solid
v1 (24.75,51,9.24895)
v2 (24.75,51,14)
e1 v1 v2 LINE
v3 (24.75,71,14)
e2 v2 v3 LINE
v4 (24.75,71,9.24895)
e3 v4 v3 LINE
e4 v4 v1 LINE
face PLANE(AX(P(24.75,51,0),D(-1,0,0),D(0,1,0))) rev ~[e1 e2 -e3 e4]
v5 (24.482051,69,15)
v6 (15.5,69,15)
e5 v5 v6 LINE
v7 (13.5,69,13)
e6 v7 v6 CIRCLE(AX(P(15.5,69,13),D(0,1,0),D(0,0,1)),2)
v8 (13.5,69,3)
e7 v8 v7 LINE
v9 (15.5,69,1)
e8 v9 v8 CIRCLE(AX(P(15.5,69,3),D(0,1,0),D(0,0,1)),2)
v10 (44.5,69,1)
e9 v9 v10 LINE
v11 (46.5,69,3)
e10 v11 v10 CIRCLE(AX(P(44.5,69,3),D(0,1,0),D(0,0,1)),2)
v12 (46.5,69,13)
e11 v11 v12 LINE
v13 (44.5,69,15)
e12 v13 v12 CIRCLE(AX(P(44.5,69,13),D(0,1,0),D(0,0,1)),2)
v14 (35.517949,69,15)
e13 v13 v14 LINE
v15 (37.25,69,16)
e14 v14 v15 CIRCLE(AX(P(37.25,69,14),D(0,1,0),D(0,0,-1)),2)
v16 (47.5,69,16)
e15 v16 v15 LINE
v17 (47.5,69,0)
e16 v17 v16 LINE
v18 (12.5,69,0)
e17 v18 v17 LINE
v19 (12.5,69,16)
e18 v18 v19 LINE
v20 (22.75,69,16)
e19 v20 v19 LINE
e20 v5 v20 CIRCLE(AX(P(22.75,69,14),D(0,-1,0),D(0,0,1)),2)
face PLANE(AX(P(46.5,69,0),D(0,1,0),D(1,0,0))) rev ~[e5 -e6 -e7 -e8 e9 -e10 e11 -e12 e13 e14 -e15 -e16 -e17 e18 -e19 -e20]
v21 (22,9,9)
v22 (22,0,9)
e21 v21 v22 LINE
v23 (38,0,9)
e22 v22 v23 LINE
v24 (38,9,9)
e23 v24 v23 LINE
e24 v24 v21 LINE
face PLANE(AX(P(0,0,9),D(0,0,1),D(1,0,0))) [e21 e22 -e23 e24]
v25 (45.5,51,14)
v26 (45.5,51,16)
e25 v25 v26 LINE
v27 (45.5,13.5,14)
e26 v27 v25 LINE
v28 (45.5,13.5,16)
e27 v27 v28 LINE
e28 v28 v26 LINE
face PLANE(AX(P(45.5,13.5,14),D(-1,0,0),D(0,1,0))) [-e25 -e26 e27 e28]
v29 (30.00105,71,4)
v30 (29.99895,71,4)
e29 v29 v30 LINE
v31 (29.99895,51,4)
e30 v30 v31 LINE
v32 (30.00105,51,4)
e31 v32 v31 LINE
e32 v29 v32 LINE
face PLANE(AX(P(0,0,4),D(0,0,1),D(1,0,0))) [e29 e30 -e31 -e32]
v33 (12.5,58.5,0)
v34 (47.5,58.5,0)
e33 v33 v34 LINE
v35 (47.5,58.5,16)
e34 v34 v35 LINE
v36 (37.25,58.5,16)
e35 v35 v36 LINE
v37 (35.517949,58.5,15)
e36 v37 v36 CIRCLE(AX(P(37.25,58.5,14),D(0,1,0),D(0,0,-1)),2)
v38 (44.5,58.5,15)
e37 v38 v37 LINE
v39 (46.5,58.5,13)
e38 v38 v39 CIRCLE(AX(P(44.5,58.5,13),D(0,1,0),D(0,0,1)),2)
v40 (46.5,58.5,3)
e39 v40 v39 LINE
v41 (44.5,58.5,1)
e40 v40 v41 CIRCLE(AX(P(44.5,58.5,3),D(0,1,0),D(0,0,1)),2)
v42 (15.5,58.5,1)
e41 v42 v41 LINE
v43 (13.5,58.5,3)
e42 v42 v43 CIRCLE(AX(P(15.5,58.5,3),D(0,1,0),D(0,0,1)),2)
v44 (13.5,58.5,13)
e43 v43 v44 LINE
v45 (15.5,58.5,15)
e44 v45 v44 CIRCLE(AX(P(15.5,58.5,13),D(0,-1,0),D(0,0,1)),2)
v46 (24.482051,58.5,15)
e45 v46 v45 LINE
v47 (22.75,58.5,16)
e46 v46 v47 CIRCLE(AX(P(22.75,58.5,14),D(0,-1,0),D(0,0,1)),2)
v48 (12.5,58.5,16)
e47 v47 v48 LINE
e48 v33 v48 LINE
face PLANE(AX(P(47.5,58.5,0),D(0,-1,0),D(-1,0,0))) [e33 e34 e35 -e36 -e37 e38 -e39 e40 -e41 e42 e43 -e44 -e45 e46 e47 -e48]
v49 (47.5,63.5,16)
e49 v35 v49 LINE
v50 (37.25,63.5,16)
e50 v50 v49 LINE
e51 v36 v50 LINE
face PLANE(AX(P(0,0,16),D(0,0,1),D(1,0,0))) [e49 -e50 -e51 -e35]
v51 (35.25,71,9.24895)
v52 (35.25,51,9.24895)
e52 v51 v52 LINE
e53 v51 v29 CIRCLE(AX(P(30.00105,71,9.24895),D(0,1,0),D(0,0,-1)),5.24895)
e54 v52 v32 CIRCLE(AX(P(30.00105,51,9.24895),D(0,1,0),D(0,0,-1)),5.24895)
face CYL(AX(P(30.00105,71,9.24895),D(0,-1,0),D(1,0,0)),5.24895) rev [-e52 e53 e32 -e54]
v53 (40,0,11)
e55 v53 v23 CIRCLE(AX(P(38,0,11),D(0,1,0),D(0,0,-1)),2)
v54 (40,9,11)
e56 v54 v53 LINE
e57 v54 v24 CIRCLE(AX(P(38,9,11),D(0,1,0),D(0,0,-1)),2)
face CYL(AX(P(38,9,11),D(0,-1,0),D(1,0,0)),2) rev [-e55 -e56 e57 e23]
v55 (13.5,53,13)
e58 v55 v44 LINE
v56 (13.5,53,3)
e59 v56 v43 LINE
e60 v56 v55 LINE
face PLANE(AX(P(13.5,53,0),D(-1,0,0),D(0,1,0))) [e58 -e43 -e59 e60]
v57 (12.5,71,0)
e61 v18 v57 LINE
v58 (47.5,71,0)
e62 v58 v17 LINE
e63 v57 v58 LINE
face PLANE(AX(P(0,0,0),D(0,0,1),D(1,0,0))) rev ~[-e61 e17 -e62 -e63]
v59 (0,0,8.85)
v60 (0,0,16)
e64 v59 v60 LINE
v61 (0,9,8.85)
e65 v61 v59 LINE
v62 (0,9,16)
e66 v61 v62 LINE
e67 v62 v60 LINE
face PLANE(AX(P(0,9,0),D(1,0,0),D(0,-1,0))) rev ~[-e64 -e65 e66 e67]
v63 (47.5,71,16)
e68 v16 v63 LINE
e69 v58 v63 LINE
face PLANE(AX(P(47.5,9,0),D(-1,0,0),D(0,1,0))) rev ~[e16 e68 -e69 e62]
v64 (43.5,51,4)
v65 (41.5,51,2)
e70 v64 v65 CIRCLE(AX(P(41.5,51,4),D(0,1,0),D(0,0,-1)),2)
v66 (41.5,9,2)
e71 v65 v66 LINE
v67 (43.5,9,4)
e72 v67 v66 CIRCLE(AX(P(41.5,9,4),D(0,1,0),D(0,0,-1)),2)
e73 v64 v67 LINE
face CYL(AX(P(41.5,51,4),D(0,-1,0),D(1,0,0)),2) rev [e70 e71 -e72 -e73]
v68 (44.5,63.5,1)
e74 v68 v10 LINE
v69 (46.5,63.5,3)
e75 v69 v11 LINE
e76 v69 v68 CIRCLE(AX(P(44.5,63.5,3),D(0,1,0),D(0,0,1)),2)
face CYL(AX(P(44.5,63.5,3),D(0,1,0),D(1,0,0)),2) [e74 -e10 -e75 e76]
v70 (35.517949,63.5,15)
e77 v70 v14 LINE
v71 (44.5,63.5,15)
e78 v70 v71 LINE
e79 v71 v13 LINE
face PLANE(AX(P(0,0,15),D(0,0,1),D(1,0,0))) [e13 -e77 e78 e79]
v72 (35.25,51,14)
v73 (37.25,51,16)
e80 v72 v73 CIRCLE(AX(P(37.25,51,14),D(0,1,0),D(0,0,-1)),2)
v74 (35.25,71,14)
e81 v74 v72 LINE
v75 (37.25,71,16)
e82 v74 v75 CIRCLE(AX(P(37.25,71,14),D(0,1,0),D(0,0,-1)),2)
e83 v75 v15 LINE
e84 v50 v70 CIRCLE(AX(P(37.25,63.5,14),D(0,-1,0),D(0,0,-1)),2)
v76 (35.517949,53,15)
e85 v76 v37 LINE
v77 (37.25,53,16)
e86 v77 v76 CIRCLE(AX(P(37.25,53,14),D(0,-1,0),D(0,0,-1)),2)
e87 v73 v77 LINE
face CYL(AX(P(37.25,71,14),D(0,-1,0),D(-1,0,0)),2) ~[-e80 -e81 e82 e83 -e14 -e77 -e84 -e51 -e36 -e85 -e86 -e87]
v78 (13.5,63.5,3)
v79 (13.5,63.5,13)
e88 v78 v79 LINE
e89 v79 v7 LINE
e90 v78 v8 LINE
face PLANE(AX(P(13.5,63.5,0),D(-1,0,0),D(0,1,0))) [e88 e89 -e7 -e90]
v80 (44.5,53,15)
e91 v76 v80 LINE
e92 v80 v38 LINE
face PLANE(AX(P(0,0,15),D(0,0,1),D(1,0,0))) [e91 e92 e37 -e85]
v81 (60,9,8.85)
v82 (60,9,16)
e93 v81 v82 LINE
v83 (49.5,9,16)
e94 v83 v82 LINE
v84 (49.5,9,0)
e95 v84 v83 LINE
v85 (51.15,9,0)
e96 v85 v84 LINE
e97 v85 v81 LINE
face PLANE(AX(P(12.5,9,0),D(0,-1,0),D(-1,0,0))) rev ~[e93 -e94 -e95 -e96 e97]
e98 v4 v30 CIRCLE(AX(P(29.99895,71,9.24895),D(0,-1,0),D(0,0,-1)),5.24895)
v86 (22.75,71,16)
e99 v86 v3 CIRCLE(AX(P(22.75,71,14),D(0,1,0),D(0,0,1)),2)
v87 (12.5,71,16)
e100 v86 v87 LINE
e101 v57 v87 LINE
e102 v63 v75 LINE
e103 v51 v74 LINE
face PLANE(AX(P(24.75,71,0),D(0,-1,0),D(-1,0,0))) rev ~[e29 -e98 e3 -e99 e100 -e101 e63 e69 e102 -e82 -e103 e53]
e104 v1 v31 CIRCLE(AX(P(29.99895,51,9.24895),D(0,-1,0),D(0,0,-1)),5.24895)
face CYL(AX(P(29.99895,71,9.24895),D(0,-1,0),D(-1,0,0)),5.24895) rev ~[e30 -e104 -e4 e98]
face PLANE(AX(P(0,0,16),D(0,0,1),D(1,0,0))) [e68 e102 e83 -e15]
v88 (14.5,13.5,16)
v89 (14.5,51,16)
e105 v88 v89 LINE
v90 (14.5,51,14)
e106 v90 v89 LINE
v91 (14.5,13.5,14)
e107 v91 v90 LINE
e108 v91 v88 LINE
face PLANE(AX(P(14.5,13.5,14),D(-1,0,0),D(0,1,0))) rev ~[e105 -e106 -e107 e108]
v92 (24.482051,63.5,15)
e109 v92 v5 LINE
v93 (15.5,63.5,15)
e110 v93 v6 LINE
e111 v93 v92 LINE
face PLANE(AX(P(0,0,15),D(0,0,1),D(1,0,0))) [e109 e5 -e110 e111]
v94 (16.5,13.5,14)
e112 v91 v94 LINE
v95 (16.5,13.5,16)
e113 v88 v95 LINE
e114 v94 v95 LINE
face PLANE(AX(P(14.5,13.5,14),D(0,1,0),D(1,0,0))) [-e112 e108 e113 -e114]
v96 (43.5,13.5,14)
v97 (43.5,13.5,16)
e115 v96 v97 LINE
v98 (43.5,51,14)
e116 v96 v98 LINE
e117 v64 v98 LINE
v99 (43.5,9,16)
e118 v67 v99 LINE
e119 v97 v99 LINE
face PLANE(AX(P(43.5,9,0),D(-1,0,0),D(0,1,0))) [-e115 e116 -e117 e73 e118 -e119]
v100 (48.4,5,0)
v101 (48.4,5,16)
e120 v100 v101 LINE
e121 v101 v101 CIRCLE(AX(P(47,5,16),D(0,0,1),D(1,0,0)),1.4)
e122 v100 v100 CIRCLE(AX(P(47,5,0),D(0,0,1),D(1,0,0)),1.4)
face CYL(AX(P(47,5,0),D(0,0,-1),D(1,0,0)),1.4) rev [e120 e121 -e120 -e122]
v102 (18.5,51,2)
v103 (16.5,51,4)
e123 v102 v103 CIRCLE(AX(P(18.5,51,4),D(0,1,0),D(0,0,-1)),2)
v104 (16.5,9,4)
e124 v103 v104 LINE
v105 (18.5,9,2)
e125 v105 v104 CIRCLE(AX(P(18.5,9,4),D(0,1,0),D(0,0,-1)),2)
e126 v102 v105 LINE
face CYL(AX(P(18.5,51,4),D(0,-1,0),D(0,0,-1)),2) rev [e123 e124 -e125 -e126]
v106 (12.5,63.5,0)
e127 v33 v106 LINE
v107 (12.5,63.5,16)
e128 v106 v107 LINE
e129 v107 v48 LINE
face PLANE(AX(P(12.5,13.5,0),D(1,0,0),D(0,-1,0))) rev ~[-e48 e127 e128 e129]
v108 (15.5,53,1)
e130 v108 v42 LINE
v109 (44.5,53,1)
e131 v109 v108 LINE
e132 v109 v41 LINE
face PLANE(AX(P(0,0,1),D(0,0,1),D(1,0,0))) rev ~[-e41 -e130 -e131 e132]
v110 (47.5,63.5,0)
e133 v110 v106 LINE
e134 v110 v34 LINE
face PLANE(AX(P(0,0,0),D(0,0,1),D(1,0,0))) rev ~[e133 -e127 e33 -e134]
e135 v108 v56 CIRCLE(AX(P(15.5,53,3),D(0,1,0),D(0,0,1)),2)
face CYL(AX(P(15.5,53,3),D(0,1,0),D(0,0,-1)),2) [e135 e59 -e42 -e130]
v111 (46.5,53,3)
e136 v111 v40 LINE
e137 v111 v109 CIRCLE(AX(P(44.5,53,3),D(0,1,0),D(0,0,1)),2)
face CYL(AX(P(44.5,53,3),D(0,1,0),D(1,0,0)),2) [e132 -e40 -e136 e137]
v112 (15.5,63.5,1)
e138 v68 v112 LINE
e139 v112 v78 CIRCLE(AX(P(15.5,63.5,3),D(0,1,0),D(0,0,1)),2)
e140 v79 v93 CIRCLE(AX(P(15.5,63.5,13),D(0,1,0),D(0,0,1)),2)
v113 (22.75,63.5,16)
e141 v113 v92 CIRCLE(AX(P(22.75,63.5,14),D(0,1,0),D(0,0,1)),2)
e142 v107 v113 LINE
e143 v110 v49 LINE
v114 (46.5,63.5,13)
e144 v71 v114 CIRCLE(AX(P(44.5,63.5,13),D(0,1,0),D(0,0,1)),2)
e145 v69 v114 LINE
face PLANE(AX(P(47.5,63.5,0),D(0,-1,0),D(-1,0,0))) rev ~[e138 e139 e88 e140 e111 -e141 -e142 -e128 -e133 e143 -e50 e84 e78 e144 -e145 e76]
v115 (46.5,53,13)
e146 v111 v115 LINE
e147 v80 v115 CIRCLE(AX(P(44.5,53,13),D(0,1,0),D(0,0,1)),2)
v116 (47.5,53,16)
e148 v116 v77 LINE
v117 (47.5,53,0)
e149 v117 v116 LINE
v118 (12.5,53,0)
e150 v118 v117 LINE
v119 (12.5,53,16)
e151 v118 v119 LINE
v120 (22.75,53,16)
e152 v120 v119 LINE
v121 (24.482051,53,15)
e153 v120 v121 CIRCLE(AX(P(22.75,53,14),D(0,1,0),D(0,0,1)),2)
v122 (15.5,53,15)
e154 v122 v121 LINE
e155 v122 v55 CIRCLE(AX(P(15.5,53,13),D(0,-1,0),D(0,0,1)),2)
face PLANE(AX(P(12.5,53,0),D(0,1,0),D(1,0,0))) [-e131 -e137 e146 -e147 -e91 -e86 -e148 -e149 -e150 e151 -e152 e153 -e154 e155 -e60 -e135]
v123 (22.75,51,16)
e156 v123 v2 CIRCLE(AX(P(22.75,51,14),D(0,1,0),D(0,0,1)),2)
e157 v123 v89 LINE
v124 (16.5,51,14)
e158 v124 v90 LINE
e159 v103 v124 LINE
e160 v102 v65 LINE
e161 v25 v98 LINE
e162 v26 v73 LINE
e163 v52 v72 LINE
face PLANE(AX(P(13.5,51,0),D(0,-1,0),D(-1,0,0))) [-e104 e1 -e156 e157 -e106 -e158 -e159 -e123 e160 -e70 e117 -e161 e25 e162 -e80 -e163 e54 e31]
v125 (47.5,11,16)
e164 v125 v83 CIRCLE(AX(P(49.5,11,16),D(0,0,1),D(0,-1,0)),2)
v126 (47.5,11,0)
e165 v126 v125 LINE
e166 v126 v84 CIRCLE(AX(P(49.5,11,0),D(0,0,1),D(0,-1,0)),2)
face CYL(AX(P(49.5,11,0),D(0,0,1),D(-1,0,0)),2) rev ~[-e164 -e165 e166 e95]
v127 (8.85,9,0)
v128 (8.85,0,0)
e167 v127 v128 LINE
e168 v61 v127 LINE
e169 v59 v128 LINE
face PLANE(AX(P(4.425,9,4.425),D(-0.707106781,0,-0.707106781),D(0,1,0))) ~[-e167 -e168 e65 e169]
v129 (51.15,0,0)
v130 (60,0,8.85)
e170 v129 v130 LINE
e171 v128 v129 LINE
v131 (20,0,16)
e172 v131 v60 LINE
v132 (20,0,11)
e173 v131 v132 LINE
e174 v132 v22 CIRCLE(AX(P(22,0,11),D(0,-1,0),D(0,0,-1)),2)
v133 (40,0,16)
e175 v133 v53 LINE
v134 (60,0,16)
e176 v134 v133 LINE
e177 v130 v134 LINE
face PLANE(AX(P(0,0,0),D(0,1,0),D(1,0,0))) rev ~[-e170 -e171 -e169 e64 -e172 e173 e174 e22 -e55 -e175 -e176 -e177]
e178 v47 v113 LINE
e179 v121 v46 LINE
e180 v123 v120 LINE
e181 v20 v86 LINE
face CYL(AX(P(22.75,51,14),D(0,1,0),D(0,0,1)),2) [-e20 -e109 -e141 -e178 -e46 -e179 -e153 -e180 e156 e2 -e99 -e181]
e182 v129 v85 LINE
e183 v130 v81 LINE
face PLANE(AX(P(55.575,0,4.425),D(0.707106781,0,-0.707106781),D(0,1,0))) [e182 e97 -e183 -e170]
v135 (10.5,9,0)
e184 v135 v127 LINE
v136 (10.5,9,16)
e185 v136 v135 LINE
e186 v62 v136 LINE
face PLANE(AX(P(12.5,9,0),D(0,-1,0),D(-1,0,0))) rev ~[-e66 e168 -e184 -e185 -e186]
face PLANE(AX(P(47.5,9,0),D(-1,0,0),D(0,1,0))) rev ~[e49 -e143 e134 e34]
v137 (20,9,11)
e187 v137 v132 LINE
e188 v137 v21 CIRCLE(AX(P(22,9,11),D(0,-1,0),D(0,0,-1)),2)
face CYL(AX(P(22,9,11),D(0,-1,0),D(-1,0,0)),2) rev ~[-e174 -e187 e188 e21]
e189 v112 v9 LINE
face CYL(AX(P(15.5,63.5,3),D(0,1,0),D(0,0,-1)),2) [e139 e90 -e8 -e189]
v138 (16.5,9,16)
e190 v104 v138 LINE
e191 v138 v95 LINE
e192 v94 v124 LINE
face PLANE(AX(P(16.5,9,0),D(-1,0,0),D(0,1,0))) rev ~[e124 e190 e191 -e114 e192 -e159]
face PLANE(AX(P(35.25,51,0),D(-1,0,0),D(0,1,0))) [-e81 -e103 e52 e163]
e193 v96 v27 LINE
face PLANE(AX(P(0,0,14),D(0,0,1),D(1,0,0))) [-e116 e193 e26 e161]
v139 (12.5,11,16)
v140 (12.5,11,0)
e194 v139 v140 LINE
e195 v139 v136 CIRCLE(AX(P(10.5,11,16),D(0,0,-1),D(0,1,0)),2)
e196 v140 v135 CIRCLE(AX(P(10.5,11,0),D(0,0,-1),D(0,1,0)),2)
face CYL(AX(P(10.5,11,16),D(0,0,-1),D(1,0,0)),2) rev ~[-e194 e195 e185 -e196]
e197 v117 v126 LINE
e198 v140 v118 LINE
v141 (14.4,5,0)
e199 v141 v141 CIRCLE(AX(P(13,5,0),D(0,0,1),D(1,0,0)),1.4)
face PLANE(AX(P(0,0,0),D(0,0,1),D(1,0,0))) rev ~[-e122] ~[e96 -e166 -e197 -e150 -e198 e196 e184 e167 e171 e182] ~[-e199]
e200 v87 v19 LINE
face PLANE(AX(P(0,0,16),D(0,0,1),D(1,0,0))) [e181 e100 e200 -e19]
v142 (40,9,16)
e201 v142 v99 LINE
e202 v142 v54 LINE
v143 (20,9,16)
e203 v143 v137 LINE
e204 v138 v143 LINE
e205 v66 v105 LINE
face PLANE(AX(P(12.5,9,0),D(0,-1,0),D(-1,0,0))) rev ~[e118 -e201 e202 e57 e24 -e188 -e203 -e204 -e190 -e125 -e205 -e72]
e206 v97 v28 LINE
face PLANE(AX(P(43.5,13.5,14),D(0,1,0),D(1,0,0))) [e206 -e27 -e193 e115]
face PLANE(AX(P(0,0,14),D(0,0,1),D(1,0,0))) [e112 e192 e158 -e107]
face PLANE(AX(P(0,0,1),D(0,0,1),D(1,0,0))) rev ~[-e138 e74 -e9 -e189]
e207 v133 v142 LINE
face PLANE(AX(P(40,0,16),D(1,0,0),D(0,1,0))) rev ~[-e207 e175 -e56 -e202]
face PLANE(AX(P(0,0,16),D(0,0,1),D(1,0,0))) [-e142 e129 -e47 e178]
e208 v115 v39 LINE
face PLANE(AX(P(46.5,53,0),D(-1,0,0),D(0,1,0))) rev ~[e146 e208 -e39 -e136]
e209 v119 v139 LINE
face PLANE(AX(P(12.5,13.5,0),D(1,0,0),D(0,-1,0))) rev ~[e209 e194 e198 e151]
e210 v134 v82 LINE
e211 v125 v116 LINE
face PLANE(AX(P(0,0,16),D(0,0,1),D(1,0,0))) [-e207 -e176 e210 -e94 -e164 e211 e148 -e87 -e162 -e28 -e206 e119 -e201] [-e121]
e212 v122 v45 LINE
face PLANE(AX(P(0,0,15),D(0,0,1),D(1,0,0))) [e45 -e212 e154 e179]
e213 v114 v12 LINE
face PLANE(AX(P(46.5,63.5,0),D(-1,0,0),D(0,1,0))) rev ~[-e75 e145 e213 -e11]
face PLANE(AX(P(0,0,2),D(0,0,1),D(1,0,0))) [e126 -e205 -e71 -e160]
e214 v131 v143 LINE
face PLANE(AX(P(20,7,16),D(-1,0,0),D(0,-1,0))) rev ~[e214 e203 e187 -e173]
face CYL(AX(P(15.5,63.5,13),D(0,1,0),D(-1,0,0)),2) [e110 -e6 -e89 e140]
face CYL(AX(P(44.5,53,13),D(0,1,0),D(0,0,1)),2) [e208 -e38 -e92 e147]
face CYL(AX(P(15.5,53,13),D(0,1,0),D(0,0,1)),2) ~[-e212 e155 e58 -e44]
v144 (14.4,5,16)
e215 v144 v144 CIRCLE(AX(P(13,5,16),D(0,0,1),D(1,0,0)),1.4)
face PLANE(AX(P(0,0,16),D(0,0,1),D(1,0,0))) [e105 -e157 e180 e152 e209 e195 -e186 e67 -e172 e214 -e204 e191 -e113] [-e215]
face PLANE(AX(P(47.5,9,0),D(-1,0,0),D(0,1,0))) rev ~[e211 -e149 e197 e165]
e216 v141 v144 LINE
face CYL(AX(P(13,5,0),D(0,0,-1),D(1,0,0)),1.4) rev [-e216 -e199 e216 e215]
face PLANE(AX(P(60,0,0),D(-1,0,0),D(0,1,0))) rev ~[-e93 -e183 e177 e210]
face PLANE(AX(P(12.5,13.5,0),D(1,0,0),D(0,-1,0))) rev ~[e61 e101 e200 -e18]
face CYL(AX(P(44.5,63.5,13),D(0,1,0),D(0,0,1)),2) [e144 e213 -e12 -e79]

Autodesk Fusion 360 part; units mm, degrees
sketch "Sketch1" plane through (0, 0, 0) normal (0, 0, 1) x (1, 0, 0)
  line L0 (0, 0) -> (60, 0)
  line L1 (60, 0) -> (60, 9)
  line L2 (60, 9) -> (0, 9)
  line L3 (0, 9) -> (0, 0)
  line L4 (12.5, 9) -> (47.5, 9)
  line L5 (47.5, 9) -> (47.5, 51)
  line L6 (47.5, 51) -> (12.5, 51)
  line L7 (12.5, 51) -> (12.5, 9)
  line L8 (30, 9) -> (30, 0) construction
  line L9 (30, 51) -> (30, 9) construction
  line L10 (14.5, 9) -> (14.5, 51)
  line L11 (45.5, 9) -> (45.5, 51)
  line L12 (16.5, 9) -> (16.5, 51)
  line L13 (43.5, 9) -> (43.5, 51)
  line L14 (20.75, 51) -> (39.25, 51)
  line L15 (39.25, 51) -> (39.25, 71)
  line L16 (39.25, 71) -> (20.75, 71)
  line L17 (20.75, 71) -> (20.75, 51)
  line L18 (35.25, 51) -> (35.25, 71)
  line L19 (24.75, 51) -> (24.75, 71)
  line L20 (14.5, 9) -> (46, 9)
  line L21 (46, 9) -> (46, 7)
  line L22 (46, 7) -> (14.5, 7)
  line L23 (14.5, 7) -> (14.5, 9)
  line L24 (39.25, 71) -> (47.5, 71)
  line L25 (47.5, 71) -> (47.5, 51)
  line L26 (47.5, 51) -> (39.25, 51)
  line L27 (39.25, 51) -> (39.25, 71)
  line L28 (20.75, 71) -> (12.5, 71)
  line L29 (12.5, 71) -> (12.5, 51)
  line L30 (12.5, 51) -> (20.75, 51)
  line L31 (20.75, 51) -> (20.75, 71)
  line L32 (47.5, 58.5) -> (12.5, 58.5)
  line L33 (12.5, 53) -> (47.5, 53)
  line L34 (47.5, 63.5) -> (12.5, 63.5)
  line L35 (12.5, 69) -> (47.5, 69)
  line L36 (46.5, 51) -> (46.5, 71)
  line L37 (13.5, 51) -> (13.5, 71)
  line L38 (47.5, 9) -> (47.5, 0) construction
  line L39 (12.5, 9) -> (12.5, 0) construction
  line L40 (60, 5) -> (0, 5) construction
  line L41 (20, 0) -> (40, 0)
  line L42 (40, 0) -> (40, 10.5)
  line L43 (40, 10.5) -> (20, 10.5)
  line L44 (20, 10.5) -> (20, 0)
  line L45 (12.5, 13.5) -> (47.5, 13.5)
  line L46 (47, 9) -> (47, 0) construction
  line L47 (13, 9) -> (13, 0) construction
  circle A0 centre (47, 5) radius 1.4
  circle A1 centre (13, 5) radius 1.4
  dimension "d1" = 60
  dimension "d2" = 9
  dimension "d3" = 35
  dimension "d4" = 42
  dimension "d8" = 2
  dimension "d9" = 2
  dimension "d10" = 4
  dimension "d11" = 4
  dimension "d27" = 18.5
  dimension "d28" = 20
  dimension "d29" = 9.25
  dimension "d34" = 4
  dimension "d35" = 4
  dimension "d45" = 2
  dimension "d49" = 1
  dimension "d50" = 1
  dimension "d51" = 5.5
  dimension "d52" = 2
  dimension "d53" = 5.5
  dimension "d54" = 2
  dimension "d66" = 5
  dimension "d74" = 20
  dimension "d75" = 10.5
  dimension "d76" = 10
  dimension "d80" = 4.5
  dimension "d82" = 34
  dimension "d83" = 17
  dimension "d84" = 2.8
  dimension "d85" = 2.8
extrude "Extrude1" add sketch "Sketch1" along normal blind 16 contours L0 L2 L3 L4 L22 L23 L44 | L0 L22 L41 L42 L44 | L0 L1 L2 L4 L21 L22 L42 | L2 L4 L20 L22 L42 L44 | L2 L4 L20 L22 L23 L44 | L2 L4 L20 L21 L22 L42
extrude "Extrude2" add sketch "Sketch1" along normal blind 2 contours L2 L4 L7 L10 L45 | L2 L4 L20 L42 L43 L44 | L2 L4 L12 L13 L20 L42 L43 L44 L45 | L2 L4 L10 L12 L20 L45 | L6 L7 L10 L30 L45 | L6 L10 L12 L30 L45 | L2 L4 L5 L11 L20 L45 | L2 L4 L11 L13 L20 L45 | L6 L12 L13 L14 L26 L30 L45 | L5 L6 L11 L26 L45 | L6 L11 L13 L26 L45
extrude "Extrude5" add sketch "Sketch1" along normal up to surface (16 mm away) contours L2 L4 L7 L10 L45 | L2 L4 L10 L12 L20 L45 | L6 L7 L10 L30 L45 | L6 L10 L12 L30 L45 | L2 L4 L5 L11 L20 L45 | L2 L4 L11 L13 L20 L45 | L5 L6 L11 L26 L45 | L6 L11 L13 L26 L45
extrude "Extrude6" cut sketch "Sketch1" along normal blind 2 from surface at 14 contours L6 L10 L12 L30 L45 | L6 L11 L13 L26 L45
extrude "Extrude7" add sketch "Sketch1" along normal blind 4 contours L6 L14 L17 L19 L31 L33 | L17 L19 L31 L32 L33 | L6 L14 L15 L18 L27 L33 | L6 L14 L18 L19 L33 | L17 L19 L31 L32 L34 | L18 L19 L32 L33 | L15 L18 L27 L32 L33 | L17 L19 L31 L34 L35 | L18 L19 L32 L34 | L15 L18 L27 L32 L34 | L16 L17 L19 L31 L35 | L18 L19 L34 L35 | L15 L18 L27 L34 L35 | L16 L18 L19 L35 | L15 L16 L18 L27 L35
extrude "Extrude8" add sketch "Sketch1" along normal blind 16 contours L6 L29 L30 L33 L37 | L6 L17 L30 L31 L33 L37 | L29 L32 L33 L37 | L17 L31 L32 L33 L37 | L29 L32 L34 L37 | L6 L25 L26 L33 L36 | L6 L15 L26 L27 L33 L36 | L6 L14 L17 L19 L31 L33 | L17 L19 L31 L32 L33 | L17 L31 L32 L34 L37 | L29 L34 L35 L37 | L25 L32 L33 L36 | L6 L14 L15 L18 L27 L33 | L17 L19 L31 L32 L34 | L17 L31 L34 L35 L37 | L28 L29 L35 L37 | L15 L27 L32 L33 L36 | L25 L32 L34 L36 | L15 L18 L27 L32 L33 | L17 L19 L31 L34 L35 | L17 L28 L31 L35 L37 | L15 L27 L32 L34 L36 | L25 L34 L35 L36 | L15 L18 L27 L32 L34 | L16 L17 L19 L31 L35 | L15 L27 L34 L35 L36 | L24 L25 L35 L36 | L15 L18 L27 L34 L35 | L15 L24 L27 L35 L36 | L15 L16 L18 L27 L35
extrude "Extrude10" cut sketch "Sketch1" along normal up to surface (16 mm away) contours L29 L32 L33 L37 | L29 L34 L35 L37 | L25 L32 L33 L36 | L25 L34 L35 L36
extrude "Extrude11" cut sketch "Sketch1" against normal blind 1 from surface at 16 contours L17 L31 L32 L33 L37 | L17 L19 L31 L32 L33 | L18 L19 L32 L33 | L17 L31 L34 L35 L37 | L15 L27 L32 L33 L36 | L15 L18 L27 L32 L33 | L17 L19 L31 L34 L35 | L18 L19 L34 L35 | L15 L27 L34 L35 L36 | L15 L18 L27 L34 L35
extrude "Extrude12" cut sketch "Sketch1" along normal blind 1 contours L17 L31 L32 L33 L37 | L17 L19 L31 L32 L33 | L18 L19 L32 L33 | L17 L31 L34 L35 L37 | L15 L27 L32 L33 L36 | L15 L18 L27 L32 L33 | L17 L19 L31 L34 L35 | L18 L19 L34 L35 | L15 L27 L34 L35 L36 | L15 L18 L27 L34 L35
extrude "Extrude13" cut sketch "Sketch1" along normal up to surface (16 mm away) contours A0 | A1
extrude "Extrude14" cut sketch "Sketch1" against normal blind 7 from surface at 16 contours L0 L22 L41 L42 L44 | L2 L4 L20 L22 L42 L44
fillet "Fillet3" radius 5.25 2 edges at (35.25, 61, 4) (24.75, 61, 4)
fillet "Fillet4" radius 2 2 edges at (43.5, 30, 2) (16.5, 30, 2)
fillet "Fillet4" radius 2 2 edges at (20, 4.5, 9) (40, 4.5, 9)
fillet "Fillet7" radius 2 10 edges at (24.75, 52, 16) (24.75, 55.75, 15) (24.75, 61, 16) (24.75, 66.25, 15) (24.75, 70, 16) (35.25, 70, 16) (35.25, 66.25, 15) (35.25, 61, 16) (35.25, 55.75, 15) (35.25, 52, 16)
fillet "Fillet7" radius 2 8 edges at (46.5, 55.75, 15) (46.5, 66.25, 15) (46.5, 55.75, 1) (46.5, 66.25, 1) (13.5, 55.75, 1) (13.5, 66.25, 1) (13.5, 66.25, 15) (13.5, 55.75, 15)
fillet "Fillet8" radius 2 2 edges at (12.5, 9, 8) (47.5, 9, 8)
chamfer "Chamfer1" distance 8.85 angle 45 2 edges at (60, 4.5, 0) (0, 4.5, 0)
